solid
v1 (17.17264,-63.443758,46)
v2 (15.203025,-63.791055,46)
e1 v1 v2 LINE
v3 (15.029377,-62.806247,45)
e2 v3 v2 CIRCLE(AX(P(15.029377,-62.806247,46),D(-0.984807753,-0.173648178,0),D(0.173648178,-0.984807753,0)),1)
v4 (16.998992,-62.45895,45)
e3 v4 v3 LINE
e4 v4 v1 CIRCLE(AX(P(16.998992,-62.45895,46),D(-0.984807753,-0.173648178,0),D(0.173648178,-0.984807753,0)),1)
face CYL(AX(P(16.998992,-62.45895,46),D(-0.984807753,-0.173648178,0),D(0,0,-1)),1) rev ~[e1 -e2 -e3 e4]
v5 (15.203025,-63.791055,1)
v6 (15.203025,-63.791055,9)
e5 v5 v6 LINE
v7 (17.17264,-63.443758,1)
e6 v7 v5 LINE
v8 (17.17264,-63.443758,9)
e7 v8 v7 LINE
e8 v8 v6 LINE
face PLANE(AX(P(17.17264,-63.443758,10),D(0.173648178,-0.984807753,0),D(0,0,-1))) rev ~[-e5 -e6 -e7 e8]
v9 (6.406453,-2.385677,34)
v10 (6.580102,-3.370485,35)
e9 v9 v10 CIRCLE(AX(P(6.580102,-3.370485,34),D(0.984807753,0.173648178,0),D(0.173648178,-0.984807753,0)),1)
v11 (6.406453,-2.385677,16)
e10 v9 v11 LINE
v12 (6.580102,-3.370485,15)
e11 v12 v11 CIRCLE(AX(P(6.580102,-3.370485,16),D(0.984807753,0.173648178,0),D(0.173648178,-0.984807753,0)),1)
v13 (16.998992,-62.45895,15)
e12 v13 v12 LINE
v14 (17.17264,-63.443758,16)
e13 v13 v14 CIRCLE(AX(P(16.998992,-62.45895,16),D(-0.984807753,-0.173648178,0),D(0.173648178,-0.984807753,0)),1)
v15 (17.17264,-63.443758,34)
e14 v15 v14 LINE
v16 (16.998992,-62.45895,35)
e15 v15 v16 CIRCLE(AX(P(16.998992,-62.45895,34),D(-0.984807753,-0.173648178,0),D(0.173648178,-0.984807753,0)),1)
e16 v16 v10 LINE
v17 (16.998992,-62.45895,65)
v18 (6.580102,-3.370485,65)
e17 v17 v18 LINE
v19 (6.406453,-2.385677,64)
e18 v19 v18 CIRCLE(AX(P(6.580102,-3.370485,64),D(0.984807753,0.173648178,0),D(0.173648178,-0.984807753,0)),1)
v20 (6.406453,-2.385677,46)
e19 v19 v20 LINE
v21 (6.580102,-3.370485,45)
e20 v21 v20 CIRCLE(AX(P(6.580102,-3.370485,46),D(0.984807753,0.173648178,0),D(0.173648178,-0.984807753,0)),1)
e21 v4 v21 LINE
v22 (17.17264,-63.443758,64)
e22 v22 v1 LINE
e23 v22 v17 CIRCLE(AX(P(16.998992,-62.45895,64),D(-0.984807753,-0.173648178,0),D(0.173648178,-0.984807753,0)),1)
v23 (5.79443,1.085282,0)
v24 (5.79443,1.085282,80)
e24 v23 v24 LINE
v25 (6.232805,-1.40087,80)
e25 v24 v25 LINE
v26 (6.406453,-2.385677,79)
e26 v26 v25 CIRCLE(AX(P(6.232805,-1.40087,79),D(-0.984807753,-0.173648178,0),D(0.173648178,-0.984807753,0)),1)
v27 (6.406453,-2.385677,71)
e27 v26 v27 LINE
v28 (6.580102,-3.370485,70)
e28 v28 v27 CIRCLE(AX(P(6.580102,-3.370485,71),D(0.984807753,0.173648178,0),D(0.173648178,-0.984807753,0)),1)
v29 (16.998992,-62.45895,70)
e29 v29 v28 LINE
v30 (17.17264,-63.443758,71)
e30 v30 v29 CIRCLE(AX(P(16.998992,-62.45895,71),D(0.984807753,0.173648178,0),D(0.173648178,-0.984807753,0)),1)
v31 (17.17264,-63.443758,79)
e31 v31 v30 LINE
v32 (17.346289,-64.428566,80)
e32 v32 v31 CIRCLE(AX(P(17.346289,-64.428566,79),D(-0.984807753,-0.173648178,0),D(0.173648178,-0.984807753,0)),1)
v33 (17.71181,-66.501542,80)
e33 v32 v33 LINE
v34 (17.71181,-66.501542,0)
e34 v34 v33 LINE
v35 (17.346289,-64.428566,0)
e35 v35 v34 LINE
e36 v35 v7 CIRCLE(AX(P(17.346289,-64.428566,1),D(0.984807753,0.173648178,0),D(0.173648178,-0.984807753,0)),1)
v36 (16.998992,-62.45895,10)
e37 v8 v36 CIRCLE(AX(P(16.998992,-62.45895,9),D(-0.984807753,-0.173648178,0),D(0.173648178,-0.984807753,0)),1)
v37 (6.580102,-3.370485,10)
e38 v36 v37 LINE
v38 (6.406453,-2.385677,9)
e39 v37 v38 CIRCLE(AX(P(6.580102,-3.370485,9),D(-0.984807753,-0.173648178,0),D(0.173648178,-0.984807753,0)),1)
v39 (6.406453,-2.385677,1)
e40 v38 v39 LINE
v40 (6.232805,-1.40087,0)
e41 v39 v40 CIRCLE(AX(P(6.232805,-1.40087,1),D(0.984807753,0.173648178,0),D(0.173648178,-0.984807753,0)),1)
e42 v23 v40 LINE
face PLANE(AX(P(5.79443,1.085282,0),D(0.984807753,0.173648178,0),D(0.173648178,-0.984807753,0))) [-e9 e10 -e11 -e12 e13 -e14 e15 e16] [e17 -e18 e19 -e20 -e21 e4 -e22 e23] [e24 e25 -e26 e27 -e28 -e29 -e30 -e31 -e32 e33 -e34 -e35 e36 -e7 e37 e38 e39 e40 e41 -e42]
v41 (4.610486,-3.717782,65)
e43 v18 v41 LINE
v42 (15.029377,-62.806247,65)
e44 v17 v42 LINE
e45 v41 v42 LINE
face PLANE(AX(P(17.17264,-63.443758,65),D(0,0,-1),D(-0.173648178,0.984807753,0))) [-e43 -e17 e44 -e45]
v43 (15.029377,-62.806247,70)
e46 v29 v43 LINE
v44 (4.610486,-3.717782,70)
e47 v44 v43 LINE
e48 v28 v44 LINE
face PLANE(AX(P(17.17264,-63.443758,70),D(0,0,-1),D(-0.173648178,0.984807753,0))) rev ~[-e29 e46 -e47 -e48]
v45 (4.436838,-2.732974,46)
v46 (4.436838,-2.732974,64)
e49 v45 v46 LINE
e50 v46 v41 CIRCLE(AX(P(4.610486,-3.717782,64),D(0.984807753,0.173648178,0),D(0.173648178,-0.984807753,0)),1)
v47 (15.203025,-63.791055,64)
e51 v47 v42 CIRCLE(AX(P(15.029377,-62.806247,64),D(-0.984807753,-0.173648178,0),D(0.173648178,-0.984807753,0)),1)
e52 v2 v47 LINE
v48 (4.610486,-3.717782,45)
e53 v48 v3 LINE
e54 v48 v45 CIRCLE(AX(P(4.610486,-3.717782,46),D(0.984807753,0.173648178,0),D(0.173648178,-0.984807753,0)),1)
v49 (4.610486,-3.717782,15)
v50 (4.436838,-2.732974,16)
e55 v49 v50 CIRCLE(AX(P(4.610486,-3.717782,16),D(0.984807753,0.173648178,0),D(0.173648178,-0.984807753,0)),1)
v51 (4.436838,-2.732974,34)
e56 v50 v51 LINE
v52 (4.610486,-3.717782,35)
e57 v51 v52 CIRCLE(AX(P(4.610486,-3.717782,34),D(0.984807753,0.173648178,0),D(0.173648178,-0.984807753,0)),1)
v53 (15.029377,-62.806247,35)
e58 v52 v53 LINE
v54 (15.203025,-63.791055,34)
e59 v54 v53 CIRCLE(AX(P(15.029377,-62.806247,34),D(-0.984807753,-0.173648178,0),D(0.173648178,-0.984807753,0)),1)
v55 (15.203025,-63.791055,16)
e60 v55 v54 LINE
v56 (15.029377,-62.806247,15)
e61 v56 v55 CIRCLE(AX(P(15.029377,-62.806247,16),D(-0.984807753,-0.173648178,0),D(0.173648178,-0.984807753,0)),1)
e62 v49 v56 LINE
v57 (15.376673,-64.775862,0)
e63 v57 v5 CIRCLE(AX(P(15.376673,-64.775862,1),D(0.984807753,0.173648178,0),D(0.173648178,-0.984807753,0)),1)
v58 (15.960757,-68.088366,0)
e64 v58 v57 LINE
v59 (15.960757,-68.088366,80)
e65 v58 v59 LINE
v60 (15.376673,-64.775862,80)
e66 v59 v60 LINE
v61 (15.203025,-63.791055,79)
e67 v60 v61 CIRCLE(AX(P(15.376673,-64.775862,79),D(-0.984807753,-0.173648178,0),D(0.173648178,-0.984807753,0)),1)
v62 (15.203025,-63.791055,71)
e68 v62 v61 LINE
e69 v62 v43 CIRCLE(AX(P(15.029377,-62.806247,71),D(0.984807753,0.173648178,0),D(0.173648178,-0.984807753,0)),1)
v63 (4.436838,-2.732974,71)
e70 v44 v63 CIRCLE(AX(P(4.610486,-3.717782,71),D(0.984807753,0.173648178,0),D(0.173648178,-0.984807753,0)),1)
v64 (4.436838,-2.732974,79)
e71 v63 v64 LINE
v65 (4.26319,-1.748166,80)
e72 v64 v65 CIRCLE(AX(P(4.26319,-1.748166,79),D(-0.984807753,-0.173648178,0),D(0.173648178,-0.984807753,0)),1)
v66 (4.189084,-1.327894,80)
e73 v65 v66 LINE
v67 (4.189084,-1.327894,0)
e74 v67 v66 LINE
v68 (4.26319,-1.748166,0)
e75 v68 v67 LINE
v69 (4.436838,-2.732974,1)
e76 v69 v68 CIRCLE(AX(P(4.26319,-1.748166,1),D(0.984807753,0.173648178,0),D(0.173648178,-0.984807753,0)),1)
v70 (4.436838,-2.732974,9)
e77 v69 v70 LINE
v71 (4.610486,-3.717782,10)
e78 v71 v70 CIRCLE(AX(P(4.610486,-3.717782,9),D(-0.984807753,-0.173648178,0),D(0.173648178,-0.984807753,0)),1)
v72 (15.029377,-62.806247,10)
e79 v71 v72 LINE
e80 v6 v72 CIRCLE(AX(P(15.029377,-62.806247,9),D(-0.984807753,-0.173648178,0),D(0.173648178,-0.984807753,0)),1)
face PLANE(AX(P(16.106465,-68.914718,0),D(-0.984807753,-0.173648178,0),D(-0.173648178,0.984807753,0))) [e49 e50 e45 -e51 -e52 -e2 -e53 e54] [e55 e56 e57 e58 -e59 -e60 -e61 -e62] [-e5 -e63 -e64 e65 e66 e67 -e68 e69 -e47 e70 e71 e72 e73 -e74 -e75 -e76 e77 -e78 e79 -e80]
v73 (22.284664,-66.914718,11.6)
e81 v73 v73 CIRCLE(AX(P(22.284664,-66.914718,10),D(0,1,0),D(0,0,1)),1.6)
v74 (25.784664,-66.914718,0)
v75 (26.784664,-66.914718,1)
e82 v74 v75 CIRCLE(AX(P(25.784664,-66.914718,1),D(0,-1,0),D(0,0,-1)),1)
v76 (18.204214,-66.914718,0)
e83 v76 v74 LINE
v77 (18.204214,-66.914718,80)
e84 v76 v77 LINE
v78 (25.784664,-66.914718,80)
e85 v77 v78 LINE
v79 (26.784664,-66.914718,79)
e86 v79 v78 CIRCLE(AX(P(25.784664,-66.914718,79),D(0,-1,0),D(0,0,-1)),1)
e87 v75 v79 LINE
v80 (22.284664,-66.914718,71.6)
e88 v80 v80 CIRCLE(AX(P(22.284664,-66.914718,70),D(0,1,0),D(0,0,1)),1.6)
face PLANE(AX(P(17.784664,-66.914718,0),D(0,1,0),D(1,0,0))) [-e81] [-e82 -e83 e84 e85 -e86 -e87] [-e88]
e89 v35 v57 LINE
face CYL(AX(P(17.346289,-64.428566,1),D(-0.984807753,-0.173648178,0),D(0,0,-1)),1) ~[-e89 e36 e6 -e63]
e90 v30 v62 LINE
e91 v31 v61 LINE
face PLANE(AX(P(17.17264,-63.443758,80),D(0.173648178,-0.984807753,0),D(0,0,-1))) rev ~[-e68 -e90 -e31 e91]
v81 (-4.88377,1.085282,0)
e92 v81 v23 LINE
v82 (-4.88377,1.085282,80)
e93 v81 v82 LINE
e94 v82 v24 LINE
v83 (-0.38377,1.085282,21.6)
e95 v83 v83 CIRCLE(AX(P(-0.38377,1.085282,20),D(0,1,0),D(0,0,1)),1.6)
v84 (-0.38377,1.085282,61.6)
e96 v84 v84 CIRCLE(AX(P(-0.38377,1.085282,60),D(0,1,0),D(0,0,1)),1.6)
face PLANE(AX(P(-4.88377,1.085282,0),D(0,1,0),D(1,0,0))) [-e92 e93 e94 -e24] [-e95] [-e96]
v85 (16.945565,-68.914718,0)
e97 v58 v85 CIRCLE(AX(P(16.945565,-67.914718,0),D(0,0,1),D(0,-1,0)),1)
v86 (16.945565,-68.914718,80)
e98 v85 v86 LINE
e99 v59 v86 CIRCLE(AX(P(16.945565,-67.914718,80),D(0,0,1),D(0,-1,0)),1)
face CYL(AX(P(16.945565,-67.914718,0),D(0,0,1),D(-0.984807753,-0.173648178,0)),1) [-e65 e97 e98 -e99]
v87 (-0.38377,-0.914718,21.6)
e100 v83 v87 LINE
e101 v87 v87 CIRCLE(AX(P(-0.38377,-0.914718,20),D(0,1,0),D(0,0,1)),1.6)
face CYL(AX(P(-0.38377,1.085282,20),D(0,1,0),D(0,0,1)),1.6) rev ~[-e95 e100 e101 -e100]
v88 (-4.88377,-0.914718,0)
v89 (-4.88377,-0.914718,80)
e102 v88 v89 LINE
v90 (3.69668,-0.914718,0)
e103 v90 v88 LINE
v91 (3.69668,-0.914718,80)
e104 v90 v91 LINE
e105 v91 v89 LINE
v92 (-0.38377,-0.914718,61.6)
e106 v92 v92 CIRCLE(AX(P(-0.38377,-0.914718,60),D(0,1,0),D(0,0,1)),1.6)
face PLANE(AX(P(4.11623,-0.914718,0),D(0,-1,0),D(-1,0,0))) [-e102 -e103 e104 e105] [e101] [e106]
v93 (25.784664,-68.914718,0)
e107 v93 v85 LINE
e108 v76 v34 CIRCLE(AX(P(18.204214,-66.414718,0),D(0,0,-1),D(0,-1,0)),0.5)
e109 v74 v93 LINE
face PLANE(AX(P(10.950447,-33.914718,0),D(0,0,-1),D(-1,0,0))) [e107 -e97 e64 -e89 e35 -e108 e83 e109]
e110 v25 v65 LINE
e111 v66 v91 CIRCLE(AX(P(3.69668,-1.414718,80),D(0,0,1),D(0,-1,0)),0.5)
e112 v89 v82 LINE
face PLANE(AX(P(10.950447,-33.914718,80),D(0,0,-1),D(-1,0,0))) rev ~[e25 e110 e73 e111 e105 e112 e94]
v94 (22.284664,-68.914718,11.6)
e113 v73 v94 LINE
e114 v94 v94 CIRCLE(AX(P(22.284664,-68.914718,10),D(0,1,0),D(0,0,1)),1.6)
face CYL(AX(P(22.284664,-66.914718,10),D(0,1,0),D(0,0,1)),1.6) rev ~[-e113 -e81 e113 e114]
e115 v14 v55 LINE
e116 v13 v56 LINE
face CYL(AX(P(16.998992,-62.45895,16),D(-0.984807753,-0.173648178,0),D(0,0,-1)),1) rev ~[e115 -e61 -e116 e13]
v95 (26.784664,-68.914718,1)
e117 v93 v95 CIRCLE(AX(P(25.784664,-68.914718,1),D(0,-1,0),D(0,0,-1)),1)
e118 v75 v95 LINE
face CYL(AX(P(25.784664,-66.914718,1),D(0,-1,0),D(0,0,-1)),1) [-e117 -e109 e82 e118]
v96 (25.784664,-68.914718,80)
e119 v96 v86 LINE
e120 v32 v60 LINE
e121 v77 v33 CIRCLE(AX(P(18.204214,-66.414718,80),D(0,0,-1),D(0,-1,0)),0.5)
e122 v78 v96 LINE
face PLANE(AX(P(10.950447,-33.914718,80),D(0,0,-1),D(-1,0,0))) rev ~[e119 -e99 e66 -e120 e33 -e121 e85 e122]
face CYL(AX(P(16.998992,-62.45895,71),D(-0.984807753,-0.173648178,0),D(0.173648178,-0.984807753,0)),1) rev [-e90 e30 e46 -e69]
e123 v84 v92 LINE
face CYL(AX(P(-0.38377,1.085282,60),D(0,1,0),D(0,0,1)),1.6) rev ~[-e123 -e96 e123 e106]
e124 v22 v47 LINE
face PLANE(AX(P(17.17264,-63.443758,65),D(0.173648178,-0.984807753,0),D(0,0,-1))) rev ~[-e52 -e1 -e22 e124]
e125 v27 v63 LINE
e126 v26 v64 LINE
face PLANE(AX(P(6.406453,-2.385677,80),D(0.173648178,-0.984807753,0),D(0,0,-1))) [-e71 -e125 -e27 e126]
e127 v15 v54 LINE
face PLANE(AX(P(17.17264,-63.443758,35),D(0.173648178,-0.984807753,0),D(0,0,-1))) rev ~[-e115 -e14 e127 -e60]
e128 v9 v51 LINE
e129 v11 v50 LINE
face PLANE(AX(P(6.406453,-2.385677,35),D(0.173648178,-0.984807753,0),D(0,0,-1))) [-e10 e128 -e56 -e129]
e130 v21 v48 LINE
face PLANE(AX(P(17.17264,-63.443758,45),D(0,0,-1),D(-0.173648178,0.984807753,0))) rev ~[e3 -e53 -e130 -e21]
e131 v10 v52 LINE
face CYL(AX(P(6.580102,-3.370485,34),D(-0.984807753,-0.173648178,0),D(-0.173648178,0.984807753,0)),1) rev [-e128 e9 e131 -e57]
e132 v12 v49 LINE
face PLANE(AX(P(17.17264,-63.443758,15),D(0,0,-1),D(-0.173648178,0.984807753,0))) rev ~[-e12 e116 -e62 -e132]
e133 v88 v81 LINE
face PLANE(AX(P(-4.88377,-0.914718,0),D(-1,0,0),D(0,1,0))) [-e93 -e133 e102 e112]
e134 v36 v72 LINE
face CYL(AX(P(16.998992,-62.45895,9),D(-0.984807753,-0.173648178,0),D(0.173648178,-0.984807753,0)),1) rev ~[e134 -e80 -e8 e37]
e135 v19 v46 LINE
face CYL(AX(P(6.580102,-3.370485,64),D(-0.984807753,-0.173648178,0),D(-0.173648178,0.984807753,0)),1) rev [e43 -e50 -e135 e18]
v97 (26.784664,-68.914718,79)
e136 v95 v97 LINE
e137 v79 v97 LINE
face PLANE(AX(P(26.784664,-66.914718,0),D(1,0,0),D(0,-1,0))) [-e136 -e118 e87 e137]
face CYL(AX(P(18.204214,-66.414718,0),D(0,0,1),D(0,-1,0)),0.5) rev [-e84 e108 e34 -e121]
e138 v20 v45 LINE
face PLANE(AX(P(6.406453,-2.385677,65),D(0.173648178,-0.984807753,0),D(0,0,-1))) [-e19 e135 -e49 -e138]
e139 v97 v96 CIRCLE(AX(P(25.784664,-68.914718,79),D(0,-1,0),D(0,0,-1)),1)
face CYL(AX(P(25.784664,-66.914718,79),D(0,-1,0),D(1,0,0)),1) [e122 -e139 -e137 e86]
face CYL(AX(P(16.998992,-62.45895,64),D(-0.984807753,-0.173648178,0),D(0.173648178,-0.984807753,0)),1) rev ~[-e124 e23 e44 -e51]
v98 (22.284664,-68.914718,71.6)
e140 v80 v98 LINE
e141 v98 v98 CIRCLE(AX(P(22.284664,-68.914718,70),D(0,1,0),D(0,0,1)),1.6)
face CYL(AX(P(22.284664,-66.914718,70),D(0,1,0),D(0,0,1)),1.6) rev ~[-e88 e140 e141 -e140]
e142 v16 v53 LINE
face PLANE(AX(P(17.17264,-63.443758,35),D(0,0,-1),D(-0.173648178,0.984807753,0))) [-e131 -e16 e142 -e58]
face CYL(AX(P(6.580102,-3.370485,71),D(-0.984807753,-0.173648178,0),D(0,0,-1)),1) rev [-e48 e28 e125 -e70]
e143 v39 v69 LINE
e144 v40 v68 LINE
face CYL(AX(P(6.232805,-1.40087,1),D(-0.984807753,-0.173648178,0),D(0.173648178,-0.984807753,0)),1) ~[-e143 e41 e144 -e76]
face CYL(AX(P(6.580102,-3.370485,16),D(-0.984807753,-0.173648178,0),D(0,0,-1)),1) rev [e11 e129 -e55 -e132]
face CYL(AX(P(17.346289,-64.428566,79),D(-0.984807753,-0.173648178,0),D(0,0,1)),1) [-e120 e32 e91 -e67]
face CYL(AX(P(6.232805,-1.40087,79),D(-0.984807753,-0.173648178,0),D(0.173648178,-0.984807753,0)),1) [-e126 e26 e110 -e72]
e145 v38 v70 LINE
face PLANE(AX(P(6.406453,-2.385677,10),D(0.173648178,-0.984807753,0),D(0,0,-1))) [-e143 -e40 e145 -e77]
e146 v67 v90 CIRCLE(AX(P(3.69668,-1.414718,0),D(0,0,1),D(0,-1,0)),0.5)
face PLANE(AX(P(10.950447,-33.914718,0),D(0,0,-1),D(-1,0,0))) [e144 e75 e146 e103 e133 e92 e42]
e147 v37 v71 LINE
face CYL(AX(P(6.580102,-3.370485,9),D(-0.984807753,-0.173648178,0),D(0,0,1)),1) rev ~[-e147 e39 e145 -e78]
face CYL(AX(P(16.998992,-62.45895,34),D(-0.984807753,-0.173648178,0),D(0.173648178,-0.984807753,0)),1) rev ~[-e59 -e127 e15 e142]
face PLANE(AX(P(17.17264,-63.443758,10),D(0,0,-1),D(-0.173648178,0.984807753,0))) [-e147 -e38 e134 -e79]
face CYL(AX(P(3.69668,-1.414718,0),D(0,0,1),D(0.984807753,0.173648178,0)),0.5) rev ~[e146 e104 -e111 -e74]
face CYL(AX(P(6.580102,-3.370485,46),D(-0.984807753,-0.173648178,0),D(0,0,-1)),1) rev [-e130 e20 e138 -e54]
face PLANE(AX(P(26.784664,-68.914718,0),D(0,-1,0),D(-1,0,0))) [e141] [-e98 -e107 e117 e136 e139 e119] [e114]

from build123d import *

# Parameters (mm, degrees)
EXTRUDE_1_DEPTH     = 80
SKETCH_2_R          = 1.6
CUT_EXTRUDE_1_DEPTH = 50
SKETCH_5_R          = 1.6
CUT_EXTRUDE_2_DEPTH = 50
SKETCH_9_W          = 10
SKETCH_9_H          = 62
SKETCH_9_W_2        = 20
CUT_EXTRUDE_6_DEPTH = 50
FILLET_1_R          = 1
FILLET_2_R          = 1
FILLET_3_R          = 1
FILLET_4_R          = 0.5
FILLET_5_R          = 0.5


with BuildPart() as part:
    # 草图1 → 凸台-拉伸1 (new body)
    with BuildSketch(Plane.XY):
        Polygon((5.79442956, 1.085282156), (17.784664248, -66.914717844), (26.784664248, -66.914717844), (26.784664248, -68.914717844), (16.106464985, -68.914717844), (4.116230297, -0.914717844), (-4.883769703, -0.914717844), (-4.883769703, 1.085282156), align=None)
    extrude(amount=EXTRUDE_1_DEPTH)

    # 草图2 → 切除-拉伸1 (cut)
    with BuildSketch(Plane(origin=(0, 1.085282156, 0), x_dir=(1, 0, 0), z_dir=(0, 1, 0))):
        with Locations(Location((-0.383769703, -20, 0), (0, 0, 270))):
            Circle(SKETCH_2_R)
        with Locations(Location((-0.383769703, -60, 0), (0, 0, 270))):
            Circle(SKETCH_2_R)
    extrude(amount=-CUT_EXTRUDE_1_DEPTH, mode=Mode.SUBTRACT)

    # 草图5 → 切除-拉伸2 (cut)
    with BuildSketch(Plane(origin=(0, -66.914717844, 0), x_dir=(1, 0, 0), z_dir=(0, 1, 0))):
        with Locations(Location((22.284664248, -10, 0), (0, 0, 270))):
            Circle(SKETCH_5_R)
        with Locations(Location((22.284664248, -70, 0), (0, 0, 270))):
            Circle(SKETCH_5_R)
    extrude(amount=-CUT_EXTRUDE_2_DEPTH, mode=Mode.SUBTRACT)

    # 草图9 → 切除-拉伸6 (cut)
    with BuildSketch(Plane(origin=(5.805300309, 1.023631076, 0), x_dir=(0, 0, -1), z_dir=(0.9848077530122086, 0.17364817766692736, 0))):
        with Locations((-75, -34.461902656)):
            Rectangle(SKETCH_9_W, SKETCH_9_H)
        with Locations((-55, -34.461902656)):
            Rectangle(SKETCH_9_W_2, SKETCH_9_H)
        with Locations((-25, -34.461902656)):
            Rectangle(SKETCH_9_W_2, SKETCH_9_H)
        with Locations((-5, -34.461902656)):
            Rectangle(SKETCH_9_W, SKETCH_9_H)
    extrude(amount=-CUT_EXTRUDE_6_DEPTH, mode=Mode.SUBTRACT)

    # 圆角1
    fillet_1_edges = [part.edges().sort_by_distance(p)[0] for p in [
        (16.106464985, -68.914717844, 40),
    ]]
    fillet(fillet_1_edges, radius=FILLET_1_R)

    # 圆角2
    fillet_2_edges = [part.edges().sort_by_distance(p)[0] for p in [
        (16.187832658, -63.617406365, 0),
        (5.421645643, -2.559325678, 0),
        (16.187832658, -63.617406365, 80),
        (5.421645643, -2.559325678, 80),
        (16.187832658, -63.617406365, 70),
        (16.187832658, -63.617406365, 65),
        (16.187832658, -63.617406365, 45),
        (16.187832658, -63.617406365, 35),
        (16.187832658, -63.617406365, 15),
        (16.187832658, -63.617406365, 10),
    ]]
    fillet(fillet_2_edges, radius=FILLET_2_R)

    # 圆角3
    fillet_3_edges = [part.edges().sort_by_distance(p)[0] for p in [
        (26.784664248, -67.914717844, 0),
        (26.784664248, -67.914717844, 80),
        (5.421645643, -2.559325678, 70),
        (5.421645643, -2.559325678, 65),
        (5.421645643, -2.559325678, 45),
        (5.421645643, -2.559325678, 35),
        (5.421645643, -2.559325678, 15),
        (5.421645643, -2.559325678, 10),
    ]]
    fillet(fillet_3_edges, radius=FILLET_3_R)

    # 圆角4
    fillet_4_edges = [part.edges().sort_by_distance(p)[0] for p in [
        (17.784664248, -66.914717844, 40),
    ]]
    fillet(fillet_4_edges, radius=FILLET_4_R)

    # 圆角5
    fillet_5_edges = [part.edges().sort_by_distance(p)[0] for p in [
        (4.116230297, -0.914717844, 40),
    ]]
    fillet(fillet_5_edges, radius=FILLET_5_R)


solid = part.part
